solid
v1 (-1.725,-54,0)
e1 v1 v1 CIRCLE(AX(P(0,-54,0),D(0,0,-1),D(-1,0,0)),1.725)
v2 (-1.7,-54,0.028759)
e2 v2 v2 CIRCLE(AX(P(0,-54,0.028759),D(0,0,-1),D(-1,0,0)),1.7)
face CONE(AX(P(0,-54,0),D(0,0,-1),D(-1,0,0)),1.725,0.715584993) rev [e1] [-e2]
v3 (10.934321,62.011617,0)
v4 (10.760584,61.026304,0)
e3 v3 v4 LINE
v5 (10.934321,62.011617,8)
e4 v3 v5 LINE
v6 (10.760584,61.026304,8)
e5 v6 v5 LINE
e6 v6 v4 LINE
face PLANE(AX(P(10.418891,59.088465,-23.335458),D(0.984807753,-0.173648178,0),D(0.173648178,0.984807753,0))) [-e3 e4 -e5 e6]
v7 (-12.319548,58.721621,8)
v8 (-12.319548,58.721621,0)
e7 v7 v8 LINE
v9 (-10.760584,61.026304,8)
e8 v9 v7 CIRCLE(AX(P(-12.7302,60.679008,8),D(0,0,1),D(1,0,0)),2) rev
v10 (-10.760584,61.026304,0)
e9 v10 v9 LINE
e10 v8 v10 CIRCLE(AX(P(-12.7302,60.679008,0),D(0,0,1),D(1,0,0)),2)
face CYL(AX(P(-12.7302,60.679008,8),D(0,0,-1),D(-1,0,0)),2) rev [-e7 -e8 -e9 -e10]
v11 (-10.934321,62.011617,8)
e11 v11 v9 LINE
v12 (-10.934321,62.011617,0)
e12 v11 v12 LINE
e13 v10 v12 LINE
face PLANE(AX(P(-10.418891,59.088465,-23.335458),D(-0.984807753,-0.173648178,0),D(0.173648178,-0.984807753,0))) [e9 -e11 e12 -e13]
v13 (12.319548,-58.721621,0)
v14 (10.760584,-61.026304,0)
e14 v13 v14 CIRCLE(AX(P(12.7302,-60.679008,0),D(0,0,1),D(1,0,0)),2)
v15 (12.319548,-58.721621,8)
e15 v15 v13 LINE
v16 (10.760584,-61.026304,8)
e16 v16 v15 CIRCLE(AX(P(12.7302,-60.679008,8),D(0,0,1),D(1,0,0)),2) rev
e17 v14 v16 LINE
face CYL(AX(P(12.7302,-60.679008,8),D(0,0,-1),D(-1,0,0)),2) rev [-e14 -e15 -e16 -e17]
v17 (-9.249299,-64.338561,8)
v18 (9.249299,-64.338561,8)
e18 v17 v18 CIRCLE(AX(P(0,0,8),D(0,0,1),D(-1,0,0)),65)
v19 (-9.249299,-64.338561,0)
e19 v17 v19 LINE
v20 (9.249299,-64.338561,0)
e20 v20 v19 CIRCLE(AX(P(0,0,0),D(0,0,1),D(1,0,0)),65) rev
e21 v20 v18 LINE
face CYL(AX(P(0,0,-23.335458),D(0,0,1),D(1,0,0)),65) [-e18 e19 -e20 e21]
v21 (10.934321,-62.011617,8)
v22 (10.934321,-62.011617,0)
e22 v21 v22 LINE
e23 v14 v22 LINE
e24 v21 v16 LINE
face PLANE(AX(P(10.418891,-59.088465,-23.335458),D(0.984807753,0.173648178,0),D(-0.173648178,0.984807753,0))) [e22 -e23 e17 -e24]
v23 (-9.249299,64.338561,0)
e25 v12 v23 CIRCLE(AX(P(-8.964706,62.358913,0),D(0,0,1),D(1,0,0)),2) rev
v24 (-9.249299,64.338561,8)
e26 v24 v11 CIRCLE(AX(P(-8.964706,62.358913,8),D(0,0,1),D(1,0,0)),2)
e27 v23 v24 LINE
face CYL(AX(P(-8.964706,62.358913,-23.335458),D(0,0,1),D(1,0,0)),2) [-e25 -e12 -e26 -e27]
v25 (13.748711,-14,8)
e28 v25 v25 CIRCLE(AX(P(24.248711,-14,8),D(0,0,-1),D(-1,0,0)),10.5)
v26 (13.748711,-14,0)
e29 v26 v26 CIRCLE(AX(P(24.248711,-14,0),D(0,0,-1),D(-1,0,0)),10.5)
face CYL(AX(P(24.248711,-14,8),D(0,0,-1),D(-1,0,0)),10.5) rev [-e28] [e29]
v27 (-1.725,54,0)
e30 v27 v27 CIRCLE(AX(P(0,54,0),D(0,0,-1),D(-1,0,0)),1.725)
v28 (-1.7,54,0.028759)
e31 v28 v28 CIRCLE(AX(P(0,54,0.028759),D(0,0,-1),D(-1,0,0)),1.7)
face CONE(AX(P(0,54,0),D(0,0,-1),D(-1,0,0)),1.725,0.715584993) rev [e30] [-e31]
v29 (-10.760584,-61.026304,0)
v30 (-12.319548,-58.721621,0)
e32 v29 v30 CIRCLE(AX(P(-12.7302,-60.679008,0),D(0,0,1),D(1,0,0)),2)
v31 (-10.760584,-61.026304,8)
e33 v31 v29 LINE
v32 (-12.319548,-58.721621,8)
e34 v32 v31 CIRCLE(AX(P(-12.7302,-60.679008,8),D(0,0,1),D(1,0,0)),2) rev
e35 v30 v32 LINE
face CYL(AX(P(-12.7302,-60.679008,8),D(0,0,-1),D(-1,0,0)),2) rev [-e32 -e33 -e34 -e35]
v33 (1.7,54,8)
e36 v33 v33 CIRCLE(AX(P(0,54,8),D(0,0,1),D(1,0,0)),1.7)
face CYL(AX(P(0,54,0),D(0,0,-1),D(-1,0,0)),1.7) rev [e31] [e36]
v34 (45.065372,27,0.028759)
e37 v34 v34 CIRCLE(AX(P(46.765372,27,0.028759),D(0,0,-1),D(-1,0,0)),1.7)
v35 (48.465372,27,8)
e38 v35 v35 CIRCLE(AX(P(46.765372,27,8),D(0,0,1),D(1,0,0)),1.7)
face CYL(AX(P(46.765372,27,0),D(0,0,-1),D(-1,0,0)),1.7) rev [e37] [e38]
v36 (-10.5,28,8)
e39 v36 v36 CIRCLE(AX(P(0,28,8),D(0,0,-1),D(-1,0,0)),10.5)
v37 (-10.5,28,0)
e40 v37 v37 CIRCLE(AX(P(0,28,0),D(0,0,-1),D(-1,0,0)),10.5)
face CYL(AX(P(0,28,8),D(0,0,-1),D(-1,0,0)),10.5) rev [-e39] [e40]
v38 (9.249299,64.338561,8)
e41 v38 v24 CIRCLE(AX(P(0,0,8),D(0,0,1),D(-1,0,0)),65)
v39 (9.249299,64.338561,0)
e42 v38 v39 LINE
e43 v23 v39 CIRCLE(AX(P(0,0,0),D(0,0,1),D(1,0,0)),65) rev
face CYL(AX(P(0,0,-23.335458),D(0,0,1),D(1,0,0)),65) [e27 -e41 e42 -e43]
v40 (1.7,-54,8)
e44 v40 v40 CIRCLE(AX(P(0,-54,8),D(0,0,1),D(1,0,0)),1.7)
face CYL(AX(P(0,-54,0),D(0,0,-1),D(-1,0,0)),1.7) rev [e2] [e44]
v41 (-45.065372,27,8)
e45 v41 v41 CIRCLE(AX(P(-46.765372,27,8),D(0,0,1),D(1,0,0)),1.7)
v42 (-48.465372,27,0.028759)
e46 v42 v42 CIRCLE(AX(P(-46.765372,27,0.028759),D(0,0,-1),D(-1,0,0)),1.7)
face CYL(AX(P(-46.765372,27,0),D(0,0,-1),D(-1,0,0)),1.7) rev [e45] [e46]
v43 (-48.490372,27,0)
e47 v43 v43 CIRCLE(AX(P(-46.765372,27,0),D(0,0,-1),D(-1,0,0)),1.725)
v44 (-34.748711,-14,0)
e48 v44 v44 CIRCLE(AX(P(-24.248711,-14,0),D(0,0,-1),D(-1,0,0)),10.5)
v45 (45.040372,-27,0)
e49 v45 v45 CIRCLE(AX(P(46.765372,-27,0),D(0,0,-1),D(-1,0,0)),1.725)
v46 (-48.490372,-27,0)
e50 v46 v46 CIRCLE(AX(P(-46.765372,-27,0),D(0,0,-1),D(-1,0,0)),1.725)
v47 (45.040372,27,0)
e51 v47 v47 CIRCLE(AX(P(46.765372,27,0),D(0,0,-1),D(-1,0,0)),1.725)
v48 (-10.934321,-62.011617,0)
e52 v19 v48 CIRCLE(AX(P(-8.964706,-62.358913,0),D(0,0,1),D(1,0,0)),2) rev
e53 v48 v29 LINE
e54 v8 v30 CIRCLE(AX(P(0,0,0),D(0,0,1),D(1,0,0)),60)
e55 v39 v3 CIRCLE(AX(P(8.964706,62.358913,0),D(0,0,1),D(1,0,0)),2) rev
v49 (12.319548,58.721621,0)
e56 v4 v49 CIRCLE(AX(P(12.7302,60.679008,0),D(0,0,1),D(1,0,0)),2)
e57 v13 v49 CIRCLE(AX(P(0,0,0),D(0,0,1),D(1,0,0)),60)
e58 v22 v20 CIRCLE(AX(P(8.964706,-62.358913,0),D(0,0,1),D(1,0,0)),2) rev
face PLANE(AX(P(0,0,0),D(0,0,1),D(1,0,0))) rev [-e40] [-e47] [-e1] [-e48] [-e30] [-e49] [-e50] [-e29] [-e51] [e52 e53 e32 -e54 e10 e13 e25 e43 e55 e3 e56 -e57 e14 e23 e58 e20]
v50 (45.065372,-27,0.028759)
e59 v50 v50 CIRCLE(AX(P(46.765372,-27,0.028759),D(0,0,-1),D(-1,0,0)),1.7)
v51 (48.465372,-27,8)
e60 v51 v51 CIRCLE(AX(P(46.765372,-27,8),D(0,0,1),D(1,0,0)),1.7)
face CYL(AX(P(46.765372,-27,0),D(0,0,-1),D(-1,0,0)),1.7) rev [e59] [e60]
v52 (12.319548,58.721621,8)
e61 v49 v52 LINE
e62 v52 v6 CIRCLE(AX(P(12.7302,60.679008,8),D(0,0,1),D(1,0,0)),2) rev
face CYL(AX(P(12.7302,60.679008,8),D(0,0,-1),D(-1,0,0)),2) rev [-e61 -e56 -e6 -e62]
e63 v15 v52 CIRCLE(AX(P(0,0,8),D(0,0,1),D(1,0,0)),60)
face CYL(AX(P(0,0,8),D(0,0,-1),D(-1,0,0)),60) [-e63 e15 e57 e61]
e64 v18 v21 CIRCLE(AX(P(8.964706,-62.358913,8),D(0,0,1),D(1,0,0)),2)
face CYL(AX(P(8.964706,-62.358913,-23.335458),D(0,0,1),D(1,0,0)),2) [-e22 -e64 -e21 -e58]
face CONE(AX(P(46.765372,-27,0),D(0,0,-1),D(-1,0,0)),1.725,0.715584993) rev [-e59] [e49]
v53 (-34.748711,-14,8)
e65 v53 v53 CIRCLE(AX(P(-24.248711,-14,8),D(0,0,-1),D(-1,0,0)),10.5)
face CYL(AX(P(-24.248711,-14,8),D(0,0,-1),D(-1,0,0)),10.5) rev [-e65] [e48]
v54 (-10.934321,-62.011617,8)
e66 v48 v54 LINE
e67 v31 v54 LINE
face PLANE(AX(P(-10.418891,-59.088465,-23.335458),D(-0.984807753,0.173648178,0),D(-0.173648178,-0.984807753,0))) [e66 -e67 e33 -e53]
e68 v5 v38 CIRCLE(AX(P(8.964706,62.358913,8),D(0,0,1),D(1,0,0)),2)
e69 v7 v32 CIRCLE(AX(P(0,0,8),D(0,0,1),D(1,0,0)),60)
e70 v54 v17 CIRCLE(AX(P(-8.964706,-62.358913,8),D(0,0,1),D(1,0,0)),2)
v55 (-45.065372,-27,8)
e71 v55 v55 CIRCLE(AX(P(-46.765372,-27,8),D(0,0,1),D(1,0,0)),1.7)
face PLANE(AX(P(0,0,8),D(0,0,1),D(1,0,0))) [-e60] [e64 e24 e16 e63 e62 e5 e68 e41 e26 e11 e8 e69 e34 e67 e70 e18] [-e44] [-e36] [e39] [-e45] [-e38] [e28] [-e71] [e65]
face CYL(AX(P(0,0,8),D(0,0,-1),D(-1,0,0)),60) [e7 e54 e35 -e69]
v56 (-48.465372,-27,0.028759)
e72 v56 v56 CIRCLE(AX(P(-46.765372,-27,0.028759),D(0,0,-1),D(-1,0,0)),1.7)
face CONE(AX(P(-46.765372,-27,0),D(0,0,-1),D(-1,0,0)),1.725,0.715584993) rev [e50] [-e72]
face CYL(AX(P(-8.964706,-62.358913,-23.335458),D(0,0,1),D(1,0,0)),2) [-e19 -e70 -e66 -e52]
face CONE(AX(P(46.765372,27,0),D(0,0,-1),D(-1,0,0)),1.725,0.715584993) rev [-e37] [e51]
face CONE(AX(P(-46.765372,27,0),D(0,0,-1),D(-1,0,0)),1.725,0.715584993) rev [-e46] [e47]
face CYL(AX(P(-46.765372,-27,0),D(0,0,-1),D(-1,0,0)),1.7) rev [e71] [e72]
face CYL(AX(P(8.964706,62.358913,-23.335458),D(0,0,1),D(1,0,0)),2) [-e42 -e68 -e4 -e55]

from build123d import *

# Parameters (mm, degrees)
SKETCH_1_R                   = 60
EXTRUDE_1_DEPTH              = 8
EXTRUDE_START                = -8
EXTRUDE_2_DEPTH              = 8
FILLET_1_R                   = 2
HOLE_WIZARD_M3_1_D           = 3.4
HOLE_WIZARD_M3_1_CSINK_D     = 3.45
HOLE_WIZARD_M3_1_CSINK_ANGLE = 82
SKETCH_8_R                   = 10.5
CUT_EXTRUDE_1_DEPTH          = 89.820042783


with BuildPart() as part:
    # ｽｹｯﾁ1 → ﾎﾞｽ - 押し出し1 (new body)
    with BuildSketch(Plane.XY):
        Circle(SKETCH_1_R)
    extrude(amount=EXTRUDE_1_DEPTH)

    # ｽｹｯﾁ2 → ﾎﾞｽ - 押し出し2 (add)
    with BuildSketch(Plane.XY.offset(8).offset(EXTRUDE_START)):
        with BuildLine():
            Line((10.41889066, 59.088465181), (11.287131548, 64.012503946))
            ThreePointArc((11.287131548, 64.012503946), (0, 65), (-11.287131548, 64.012503946))
            Line((-11.287131548, 64.012503946), (-10.41889066, 59.088465181))
            ThreePointArc((-10.41889066, 59.088465181), (0, 60), (10.41889066, 59.088465181))
        make_face()
        with BuildLine():
            Line((10.41889066, -59.088465181), (11.287131548, -64.012503946))
            ThreePointArc((11.287131548, -64.012503946), (0, -65), (-11.287131548, -64.012503946))
            Line((-11.287131548, -64.012503946), (-10.41889066, -59.088465181))
            ThreePointArc((-10.41889066, -59.088465181), (0, -60), (10.41889066, -59.088465181))
        make_face()
    extrude(amount=EXTRUDE_2_DEPTH)

    # ﾌｨﾚｯﾄ1
    fillet_1_edges = [part.edges().sort_by_distance(p)[0] for p in [
        (-10.41889066, -59.088465181, 4),
        (10.41889066, -59.088465181, 4),
        (11.287131548, -64.012503946, 4),
        (-11.287131548, -64.012503946, 4),
        (10.41889066, 59.088465181, 4),
        (-10.41889066, 59.088465181, 4),
        (-11.287131548, 64.012503946, 4),
        (11.287131548, 64.012503946, 4),
    ]]
    fillet(fillet_1_edges, radius=FILLET_1_R)

    # M3 すきま穴1 (through all)
    with Locations(Plane(origin=(0, 0, 0), x_dir=(-1, 0, 0), z_dir=(0, 0, -1))):
        with Locations((0, 54), (46.765371804, 27), (46.765371804, -27), (0, -54), (-46.765371804, -27), (-46.765371804, 27)):
            CounterSinkHole(HOLE_WIZARD_M3_1_D / 2, HOLE_WIZARD_M3_1_CSINK_D / 2, counter_sink_angle=HOLE_WIZARD_M3_1_CSINK_ANGLE)

    # ｽｹｯﾁ8 → ｶｯﾄ - 押し出し1 (cut, through all)
    with BuildSketch(Plane(origin=(0, 0, 0), x_dir=(-1, 0, 0), z_dir=(0, 0, -1))):
        with Locations((0, 28)):
            Circle(SKETCH_8_R)
        with Locations((24.248711306, -14)):
            Circle(SKETCH_8_R)
        with Locations((-24.248711306, -14)):
            Circle(SKETCH_8_R)
    extrude(amount=-CUT_EXTRUDE_1_DEPTH, mode=Mode.SUBTRACT)


solid = part.part
